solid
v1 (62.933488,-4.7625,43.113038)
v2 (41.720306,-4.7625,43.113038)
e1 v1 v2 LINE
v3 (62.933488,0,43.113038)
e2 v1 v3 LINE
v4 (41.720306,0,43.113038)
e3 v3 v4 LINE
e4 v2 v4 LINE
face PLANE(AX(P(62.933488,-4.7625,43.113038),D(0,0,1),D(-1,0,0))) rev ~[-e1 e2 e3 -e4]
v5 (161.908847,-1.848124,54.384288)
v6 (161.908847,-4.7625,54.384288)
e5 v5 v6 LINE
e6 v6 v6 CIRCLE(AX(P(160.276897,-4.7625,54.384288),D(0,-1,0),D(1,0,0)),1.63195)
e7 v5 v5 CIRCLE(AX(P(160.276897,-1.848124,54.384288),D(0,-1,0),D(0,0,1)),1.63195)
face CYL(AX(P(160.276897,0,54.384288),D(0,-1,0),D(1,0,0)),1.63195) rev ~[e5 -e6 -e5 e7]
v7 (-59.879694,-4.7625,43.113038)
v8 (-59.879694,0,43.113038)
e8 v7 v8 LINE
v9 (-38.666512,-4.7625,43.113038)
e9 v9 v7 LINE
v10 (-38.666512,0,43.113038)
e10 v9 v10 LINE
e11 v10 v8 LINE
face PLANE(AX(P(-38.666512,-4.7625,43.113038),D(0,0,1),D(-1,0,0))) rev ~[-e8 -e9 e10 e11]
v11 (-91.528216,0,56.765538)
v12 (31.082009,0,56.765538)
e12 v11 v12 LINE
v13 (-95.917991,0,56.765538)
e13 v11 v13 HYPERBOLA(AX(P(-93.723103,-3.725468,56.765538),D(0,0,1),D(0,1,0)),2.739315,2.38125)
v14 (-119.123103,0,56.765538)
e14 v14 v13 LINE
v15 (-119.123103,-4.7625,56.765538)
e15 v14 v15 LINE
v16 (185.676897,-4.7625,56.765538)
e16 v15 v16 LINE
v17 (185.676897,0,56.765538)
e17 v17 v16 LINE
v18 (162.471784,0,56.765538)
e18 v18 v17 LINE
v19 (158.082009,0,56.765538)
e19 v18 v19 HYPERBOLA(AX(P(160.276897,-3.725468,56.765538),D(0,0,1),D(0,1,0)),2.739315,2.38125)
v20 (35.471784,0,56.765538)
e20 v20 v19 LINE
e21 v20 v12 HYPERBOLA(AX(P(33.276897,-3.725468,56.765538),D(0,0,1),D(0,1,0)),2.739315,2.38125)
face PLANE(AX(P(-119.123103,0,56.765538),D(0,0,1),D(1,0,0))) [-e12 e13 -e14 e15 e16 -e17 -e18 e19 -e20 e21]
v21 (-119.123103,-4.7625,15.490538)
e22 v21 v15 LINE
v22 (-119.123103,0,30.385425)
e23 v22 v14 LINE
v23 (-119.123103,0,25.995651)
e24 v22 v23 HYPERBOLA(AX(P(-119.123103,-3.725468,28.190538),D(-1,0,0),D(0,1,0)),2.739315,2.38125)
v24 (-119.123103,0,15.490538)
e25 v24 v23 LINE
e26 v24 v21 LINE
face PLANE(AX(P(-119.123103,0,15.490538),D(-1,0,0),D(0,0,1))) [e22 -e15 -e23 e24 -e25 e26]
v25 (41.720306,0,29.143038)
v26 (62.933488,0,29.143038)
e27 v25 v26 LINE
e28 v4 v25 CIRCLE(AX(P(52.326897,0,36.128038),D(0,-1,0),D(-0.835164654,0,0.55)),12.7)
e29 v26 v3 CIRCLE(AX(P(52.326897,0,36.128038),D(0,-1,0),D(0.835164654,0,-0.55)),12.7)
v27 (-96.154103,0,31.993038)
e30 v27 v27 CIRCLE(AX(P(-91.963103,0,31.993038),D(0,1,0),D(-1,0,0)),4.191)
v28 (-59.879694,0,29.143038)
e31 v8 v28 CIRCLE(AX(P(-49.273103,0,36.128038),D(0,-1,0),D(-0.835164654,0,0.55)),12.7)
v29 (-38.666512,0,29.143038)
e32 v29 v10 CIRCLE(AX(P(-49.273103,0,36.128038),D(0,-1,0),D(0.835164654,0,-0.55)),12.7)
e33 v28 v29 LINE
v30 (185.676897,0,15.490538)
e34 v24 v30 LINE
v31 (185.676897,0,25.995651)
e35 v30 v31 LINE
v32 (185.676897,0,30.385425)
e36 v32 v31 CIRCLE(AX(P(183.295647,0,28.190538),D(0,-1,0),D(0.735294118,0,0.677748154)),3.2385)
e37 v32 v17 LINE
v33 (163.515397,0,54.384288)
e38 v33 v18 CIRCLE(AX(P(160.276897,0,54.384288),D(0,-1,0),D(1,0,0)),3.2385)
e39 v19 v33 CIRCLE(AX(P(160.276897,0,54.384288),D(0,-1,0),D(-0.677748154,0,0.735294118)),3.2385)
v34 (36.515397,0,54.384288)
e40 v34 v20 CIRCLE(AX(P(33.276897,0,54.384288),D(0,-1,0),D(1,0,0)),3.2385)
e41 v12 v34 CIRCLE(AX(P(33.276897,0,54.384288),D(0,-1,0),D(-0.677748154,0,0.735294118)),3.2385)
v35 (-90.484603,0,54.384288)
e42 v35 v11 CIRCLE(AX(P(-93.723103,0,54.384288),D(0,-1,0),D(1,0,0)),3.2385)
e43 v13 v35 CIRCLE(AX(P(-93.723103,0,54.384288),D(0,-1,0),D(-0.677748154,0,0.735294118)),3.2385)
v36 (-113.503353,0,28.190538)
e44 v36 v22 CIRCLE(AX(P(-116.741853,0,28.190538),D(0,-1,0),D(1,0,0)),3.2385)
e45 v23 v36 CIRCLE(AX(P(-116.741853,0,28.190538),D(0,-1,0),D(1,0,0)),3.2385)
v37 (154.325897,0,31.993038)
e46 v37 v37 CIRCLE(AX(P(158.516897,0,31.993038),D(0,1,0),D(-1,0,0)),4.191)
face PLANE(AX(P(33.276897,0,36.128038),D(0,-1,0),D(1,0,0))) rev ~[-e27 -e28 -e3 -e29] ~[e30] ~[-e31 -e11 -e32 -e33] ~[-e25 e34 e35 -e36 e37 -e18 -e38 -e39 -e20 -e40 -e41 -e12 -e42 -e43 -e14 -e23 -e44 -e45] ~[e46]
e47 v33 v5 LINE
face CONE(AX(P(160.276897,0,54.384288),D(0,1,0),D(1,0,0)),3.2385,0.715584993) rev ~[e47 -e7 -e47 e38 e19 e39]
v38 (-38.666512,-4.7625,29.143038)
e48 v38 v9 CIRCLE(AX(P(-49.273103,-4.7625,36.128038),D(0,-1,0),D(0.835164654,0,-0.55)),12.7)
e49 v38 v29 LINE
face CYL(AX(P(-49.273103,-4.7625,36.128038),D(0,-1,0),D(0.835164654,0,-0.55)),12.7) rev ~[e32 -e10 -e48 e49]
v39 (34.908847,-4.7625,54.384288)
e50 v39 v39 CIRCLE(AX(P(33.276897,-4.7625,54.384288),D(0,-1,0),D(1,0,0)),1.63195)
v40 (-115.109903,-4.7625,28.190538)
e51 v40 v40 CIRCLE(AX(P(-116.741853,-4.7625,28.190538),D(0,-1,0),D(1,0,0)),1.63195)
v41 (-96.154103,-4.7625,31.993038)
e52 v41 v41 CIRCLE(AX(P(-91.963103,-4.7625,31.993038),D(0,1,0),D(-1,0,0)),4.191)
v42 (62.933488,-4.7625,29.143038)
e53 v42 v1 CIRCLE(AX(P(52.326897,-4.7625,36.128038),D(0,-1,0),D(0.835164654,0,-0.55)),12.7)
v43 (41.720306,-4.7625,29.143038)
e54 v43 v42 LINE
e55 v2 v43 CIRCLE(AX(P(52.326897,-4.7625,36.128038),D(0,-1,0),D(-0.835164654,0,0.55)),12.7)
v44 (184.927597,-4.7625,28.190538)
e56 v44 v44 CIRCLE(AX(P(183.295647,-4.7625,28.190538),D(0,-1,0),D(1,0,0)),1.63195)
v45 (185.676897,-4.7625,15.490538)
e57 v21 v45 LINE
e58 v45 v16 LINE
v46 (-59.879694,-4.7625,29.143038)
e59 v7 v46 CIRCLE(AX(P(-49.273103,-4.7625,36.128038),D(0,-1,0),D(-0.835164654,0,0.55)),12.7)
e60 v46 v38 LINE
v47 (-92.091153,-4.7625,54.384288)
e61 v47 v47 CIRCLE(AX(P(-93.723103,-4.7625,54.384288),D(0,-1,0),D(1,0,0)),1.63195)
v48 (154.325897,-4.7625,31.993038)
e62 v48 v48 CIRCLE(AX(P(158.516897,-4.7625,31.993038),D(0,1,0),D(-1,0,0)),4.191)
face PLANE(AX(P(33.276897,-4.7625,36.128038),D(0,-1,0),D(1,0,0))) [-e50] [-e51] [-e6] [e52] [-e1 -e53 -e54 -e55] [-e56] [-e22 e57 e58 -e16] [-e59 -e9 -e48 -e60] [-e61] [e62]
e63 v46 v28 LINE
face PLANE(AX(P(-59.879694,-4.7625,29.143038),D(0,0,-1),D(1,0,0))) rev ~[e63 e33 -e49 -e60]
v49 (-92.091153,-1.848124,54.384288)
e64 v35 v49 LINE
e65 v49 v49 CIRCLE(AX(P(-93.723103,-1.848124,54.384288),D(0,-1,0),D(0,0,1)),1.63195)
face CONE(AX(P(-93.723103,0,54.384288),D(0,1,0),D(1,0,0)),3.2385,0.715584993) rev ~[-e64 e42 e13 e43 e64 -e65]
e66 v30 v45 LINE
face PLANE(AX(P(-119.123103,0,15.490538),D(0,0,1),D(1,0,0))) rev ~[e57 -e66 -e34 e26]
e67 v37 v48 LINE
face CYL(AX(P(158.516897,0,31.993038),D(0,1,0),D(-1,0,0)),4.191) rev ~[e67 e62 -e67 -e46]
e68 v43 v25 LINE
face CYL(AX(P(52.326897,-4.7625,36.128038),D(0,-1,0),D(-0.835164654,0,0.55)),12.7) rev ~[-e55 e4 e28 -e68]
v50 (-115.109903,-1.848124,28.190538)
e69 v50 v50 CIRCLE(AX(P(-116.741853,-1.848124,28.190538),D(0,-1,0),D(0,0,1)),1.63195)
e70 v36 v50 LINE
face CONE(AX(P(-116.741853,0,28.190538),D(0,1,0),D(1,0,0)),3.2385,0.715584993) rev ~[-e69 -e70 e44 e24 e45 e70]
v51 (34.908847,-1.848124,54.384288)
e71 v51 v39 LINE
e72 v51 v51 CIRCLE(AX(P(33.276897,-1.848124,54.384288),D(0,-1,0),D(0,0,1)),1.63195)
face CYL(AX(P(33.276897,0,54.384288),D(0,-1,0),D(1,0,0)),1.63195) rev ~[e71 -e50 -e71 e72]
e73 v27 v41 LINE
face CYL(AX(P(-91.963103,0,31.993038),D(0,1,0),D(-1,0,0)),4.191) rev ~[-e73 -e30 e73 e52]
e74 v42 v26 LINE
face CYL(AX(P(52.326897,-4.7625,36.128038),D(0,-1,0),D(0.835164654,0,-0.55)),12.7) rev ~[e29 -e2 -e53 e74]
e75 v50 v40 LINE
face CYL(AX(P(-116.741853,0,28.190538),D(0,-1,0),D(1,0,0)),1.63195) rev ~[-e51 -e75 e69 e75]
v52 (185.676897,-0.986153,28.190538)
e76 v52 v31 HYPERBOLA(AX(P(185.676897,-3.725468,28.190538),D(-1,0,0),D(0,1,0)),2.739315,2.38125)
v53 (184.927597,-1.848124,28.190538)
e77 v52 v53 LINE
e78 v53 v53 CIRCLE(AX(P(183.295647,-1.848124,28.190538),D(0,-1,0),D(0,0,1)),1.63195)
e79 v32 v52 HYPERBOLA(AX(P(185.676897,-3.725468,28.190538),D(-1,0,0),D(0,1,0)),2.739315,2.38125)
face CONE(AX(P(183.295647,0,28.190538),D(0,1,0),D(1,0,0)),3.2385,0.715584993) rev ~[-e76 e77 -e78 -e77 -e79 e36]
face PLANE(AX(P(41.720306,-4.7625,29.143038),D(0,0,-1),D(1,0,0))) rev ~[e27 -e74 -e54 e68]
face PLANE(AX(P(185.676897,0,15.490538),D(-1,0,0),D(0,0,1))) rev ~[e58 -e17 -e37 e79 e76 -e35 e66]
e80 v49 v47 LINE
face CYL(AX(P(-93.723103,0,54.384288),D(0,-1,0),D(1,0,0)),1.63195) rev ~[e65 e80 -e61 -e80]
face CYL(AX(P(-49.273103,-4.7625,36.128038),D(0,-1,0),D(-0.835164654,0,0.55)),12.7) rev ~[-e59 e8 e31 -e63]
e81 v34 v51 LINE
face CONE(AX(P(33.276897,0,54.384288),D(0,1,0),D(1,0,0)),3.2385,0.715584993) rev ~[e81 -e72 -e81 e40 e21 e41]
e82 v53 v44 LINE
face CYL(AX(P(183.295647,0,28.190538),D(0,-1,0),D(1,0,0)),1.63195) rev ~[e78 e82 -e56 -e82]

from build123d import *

# Parameters (mm, degrees)
F0_W           = 304.8
F0_H           = 41.275
F1_DEPTH       = 4.7625
F3_R           = 4.191
F4_DEPTH       = 4.7635
F5_D           = 3.2639
F5_DEPTH       = 14.605
F5_CSINK_D     = 6.477
F5_CSINK_ANGLE = 82
F5_TIP         = 0.9805744872
F7_DEPTH       = 25.4


with BuildPart() as f1:
    # F0 (on Front) → F1 (new body)
    with BuildSketch(Plane.XZ):
        with Locations((33.2768968371, 36.1280379981)):
            Rectangle(F0_W, F0_H)
    extrude(amount=F1_DEPTH)

    # F3 (on face) → F4 (cut, through all)
    with BuildSketch(Plane(origin=(0, 0, 0), x_dir=(-1, 0, 0), z_dir=(0, 1, 0))):
        with Locations((91.9631031629, 31.9930379981)):
            Circle(F3_R)
        with Locations((-158.5168968371, 31.9930379981)):
            Circle(F3_R)
    extrude(amount=-F4_DEPTH, mode=Mode.SUBTRACT)

    # F5
    with Locations(Plane(origin=(0, 0, 0), x_dir=(-1, 0, 0), z_dir=(0, 1, 0))):
        with Locations((-183.2956468371, 28.1905379981), (-160.2768968371, 54.3842879981), (-33.2768968371, 54.3842879981), (93.7231031629, 54.3842879981), (116.7418531629, 28.1905379981)):
            CounterSinkHole(F5_D / 2, F5_CSINK_D / 2, depth=F5_DEPTH, counter_sink_angle=F5_CSINK_ANGLE)
            with Locations((0, 0, -(F5_DEPTH + F5_TIP / 2))):  # 118° drill point
                Cone(0, F5_D / 2, F5_TIP, mode=Mode.SUBTRACT)

    # F6 (on face) → F7 (cut)
    with BuildSketch(Plane.XZ.offset(4.7625)):
        with BuildLine():
            Line((-38.6665120517, 43.1130379981), (-59.879694274, 43.1130379981))
            ThreePointArc((-59.879694274, 43.1130379981), (-61.9731031629, 36.1280379981), (-59.879694274, 29.1430379981))
            Line((-59.879694274, 29.1430379981), (-38.6665120517, 29.1430379981))
            ThreePointArc((-38.6665120517, 29.1430379981), (-36.5731031629, 36.1280379981), (-38.6665120517, 43.1130379981))
        make_face()
        with BuildLine():
            ThreePointArc((62.9334879483, 29.1430379981), (65.0268968371, 36.1280379981), (62.9334879483, 43.1130379981))
            Line((62.9334879483, 43.1130379981), (41.720305726, 43.1130379981))
            ThreePointArc((41.720305726, 43.1130379981), (39.6268968371, 36.1280379981), (41.720305726, 29.1430379981))
            Line((41.720305726, 29.1430379981), (62.9334879483, 29.1430379981))
        make_face()
    extrude(amount=-F7_DEPTH, mode=Mode.SUBTRACT)


solid = f1.part
